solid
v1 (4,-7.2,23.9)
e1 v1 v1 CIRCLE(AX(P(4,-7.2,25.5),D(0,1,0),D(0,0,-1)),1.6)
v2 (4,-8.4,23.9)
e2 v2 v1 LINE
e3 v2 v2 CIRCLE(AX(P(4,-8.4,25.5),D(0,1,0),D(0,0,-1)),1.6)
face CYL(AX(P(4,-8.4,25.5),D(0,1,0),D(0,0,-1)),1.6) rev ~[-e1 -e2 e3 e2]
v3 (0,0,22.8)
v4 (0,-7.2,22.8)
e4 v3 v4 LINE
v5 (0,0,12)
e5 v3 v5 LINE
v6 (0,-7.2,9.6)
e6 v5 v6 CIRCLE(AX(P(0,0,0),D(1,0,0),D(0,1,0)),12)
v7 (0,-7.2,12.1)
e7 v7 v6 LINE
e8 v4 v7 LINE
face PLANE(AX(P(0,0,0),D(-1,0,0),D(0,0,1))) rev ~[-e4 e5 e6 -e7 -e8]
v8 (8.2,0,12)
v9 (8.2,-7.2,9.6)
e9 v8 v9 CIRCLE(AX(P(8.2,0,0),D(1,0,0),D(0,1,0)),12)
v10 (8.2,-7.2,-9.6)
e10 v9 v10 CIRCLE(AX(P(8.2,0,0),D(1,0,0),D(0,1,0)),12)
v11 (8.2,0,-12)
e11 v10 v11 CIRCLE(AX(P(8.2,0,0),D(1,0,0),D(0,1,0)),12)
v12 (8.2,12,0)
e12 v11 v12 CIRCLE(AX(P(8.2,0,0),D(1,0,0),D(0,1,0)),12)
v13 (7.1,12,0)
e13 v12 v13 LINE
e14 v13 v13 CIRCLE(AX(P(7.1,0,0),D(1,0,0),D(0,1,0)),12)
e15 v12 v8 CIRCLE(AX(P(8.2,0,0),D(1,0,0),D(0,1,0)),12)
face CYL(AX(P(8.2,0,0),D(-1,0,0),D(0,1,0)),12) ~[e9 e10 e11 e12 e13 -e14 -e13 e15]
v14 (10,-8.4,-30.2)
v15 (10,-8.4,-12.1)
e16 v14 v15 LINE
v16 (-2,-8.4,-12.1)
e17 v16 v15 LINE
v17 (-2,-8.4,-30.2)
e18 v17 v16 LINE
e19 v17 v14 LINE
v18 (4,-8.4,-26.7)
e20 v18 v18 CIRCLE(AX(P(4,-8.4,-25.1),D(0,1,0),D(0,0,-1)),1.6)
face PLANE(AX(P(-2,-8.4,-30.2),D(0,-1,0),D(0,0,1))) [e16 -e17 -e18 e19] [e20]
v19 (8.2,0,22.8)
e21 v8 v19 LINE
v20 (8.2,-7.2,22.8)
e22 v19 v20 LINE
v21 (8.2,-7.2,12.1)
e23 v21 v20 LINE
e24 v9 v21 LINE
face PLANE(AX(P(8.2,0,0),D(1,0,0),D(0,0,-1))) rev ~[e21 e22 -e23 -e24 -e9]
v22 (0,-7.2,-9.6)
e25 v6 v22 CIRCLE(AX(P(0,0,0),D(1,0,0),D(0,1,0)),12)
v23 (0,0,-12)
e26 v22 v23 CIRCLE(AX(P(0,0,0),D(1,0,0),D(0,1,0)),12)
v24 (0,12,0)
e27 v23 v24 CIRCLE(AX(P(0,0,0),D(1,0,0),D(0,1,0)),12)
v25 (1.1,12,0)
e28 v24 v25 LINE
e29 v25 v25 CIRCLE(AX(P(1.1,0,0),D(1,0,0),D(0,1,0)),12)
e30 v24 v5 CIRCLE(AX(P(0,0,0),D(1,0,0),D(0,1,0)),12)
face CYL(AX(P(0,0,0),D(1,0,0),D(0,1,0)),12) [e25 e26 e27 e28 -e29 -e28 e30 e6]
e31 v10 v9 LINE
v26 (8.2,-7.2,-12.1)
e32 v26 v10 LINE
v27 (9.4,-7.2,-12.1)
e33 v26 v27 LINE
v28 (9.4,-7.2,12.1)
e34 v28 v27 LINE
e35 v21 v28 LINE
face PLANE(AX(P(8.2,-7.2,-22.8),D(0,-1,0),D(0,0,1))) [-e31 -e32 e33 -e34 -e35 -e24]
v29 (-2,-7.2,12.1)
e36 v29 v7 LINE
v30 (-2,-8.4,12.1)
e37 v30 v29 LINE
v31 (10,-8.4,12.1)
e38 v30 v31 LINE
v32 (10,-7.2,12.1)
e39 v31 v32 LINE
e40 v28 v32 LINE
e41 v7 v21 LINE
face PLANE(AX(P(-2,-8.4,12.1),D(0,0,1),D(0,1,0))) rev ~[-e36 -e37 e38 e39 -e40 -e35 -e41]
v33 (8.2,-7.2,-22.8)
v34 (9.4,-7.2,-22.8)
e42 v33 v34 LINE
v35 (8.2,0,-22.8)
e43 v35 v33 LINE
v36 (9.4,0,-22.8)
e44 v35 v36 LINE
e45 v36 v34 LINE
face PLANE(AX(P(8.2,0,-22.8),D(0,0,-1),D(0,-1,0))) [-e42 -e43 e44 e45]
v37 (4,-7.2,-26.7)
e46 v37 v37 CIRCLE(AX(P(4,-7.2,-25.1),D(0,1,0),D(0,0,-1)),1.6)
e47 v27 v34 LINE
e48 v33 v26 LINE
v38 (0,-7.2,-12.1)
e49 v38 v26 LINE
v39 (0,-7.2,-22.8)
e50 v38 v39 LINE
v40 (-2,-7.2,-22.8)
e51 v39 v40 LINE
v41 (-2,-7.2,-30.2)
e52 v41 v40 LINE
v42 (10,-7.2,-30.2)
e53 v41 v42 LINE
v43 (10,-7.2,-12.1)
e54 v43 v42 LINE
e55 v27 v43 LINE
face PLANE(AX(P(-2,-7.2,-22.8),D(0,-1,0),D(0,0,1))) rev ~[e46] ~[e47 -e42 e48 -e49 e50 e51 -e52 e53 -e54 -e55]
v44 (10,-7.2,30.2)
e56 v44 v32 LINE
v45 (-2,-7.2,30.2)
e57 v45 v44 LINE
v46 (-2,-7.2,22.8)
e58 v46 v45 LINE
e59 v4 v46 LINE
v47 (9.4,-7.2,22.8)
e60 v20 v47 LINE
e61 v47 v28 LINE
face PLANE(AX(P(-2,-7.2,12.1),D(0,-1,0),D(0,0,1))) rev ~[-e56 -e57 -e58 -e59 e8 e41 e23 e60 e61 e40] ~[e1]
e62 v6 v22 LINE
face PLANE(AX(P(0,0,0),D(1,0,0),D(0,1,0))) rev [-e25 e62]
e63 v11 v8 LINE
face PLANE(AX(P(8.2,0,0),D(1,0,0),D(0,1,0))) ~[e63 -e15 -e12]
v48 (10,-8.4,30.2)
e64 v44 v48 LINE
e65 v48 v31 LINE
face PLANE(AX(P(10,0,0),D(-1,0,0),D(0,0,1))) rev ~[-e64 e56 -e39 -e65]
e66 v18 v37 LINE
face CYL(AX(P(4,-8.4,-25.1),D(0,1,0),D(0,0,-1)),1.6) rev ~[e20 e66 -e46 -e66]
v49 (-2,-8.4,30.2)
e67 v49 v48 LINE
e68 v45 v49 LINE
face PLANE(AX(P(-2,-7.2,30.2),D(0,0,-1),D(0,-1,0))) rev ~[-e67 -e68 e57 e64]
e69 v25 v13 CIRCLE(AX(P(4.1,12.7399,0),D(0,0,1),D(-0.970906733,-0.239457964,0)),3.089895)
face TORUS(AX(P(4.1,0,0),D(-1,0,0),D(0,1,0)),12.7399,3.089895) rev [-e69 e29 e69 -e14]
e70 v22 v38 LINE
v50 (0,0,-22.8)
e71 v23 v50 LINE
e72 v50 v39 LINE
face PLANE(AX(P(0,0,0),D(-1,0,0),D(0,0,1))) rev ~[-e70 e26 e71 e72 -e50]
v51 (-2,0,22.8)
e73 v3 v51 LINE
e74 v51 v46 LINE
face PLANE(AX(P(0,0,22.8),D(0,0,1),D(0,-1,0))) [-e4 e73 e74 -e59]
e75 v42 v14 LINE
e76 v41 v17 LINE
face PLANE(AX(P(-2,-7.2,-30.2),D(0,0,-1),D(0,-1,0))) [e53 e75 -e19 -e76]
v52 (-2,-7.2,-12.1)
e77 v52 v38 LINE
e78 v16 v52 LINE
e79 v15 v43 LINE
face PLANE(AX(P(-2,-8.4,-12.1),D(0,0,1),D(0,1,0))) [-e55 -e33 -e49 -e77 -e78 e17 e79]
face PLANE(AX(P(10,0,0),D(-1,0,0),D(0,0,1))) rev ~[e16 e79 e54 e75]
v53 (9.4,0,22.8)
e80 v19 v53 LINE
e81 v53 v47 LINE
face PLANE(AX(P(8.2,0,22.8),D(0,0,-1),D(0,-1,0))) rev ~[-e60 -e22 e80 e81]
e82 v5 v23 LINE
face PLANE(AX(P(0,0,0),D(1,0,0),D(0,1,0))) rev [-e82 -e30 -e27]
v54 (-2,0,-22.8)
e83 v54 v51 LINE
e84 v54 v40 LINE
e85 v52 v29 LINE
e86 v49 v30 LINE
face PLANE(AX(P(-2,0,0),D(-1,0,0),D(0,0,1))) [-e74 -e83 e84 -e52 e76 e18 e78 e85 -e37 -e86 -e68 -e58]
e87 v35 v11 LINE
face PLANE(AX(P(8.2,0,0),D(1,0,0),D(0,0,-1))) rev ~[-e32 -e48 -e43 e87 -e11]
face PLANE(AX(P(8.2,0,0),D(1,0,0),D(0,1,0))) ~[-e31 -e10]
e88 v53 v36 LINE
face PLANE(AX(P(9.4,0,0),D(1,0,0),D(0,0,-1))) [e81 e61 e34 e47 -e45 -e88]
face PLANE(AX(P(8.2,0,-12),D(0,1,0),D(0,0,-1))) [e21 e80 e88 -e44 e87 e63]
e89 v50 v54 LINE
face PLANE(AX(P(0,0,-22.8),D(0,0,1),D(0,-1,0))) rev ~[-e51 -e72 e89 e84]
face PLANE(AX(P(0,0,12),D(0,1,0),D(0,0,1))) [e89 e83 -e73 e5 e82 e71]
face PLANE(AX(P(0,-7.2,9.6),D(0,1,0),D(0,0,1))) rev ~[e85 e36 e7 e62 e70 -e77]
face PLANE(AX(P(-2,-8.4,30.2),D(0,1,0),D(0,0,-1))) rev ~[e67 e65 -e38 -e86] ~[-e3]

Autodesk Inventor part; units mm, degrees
ref_plane "YZ Plane" through (0, 0, 0) normal (1, 0, 0) x (0, 1, 0)
ref_plane "XZ Plane" through (0, 0, 0) normal (0, 1, 0) x (-1, 0, 0)
ref_plane "XY Plane" through (0, 0, 0) normal (0, 0, 1) x (1, 0, 0)
sketch "スケッチ1" plane through (0, 0, 0) normal (0, 0, 1) x (1, 0, 0)
  line L0 (0, 0) -> (8.2, 0)
  line L1 (8.2, 0) -> (4.1, 0)
  line L2 (0, 0) -> (0, 12)
  line L3 (8.2, 0) -> (8.2, 12)
  line L4 (4.1, 0) -> (4.1, 9.65)
  line L5 (0, 12) -> (1.1, 12)
  line L6 (8.2, 12) -> (7.1, 12)
  arc A0 (1.1, 12) -> (7.1, 12) centre (4.1, 12.7399) ccw
  dimension "d0" = 8.2
  dimension "d1" = 12
  dimension "d2" = 12
  dimension "d3" = 9.65
  dimension "d4" = 1.1
  dimension "d5" = 1.1
revolve "回転1" add sketch "スケッチ1" angle 360 about axis through (0, 0, 0) along (1, 0, 0)
sketch "スケッチ2" plane through (8.2, 0, 0) normal (1, 0, 0) x (0, 0, -1)
  circle A0 centre (0, 0) radius 12 projected
  line L0 (0, 0) -> (22.8, 0)
  line L1 (0, 0) -> (0, -7.2)
  line L2 (0, 0) -> (22.8, 0)
  line L3 (22.8, 0) -> (22.8, -7.2)
  line L4 (22.8, -7.2) -> (0, -7.2)
  line L5 (0, -7.2) -> (0, 0)
  line L6 (0, 0) -> (-22.8, 0)
  line L7 (-22.8, 0) -> (-22.8, -7.2)
  line L8 (-22.8, -7.2) -> (0, -7.2)
  dimension "d7" = 22.8
  dimension "d8" = 7.2
  dimension "d17" = 0
extrude "押し出し1" add sketch "スケッチ2" along normal blind 1.2 contours L0 L3 L4 A0 | A0 L4 L1 L0 | L6 L1 L8 A0 | A0 L8 L7 L6
sketch "スケッチ3" plane through (0, 0, 0) normal (-1, 0, 0) x (0, 0, 1)
  circle A0 centre (0, 0) radius 12 projected
  line L0 (0, 0) -> (0, -7.2)
  line L1 (0, -7.2) -> (22.8, -7.2)
  line L2 (0, 0) -> (22.8, 0)
  line L3 (22.8, 0) -> (22.8, -7.2)
  line L4 (22.8, -7.2) -> (0, -7.2)
  line L5 (0, -7.2) -> (0, 0)
  line L6 (0, 0) -> (-22.8, 0)
  line L7 (-22.8, 0) -> (-22.8, -7.2)
  line L8 (-22.8, -7.2) -> (0, -7.2)
  dimension "d11" = 7.2
  dimension "d12" = 22.8
extrude "押し出し2" add sketch "スケッチ3" along normal blind 2 contours L2 L3 L1 A0 | A0 L1 L0 L2 | L6 L0 L8 A0 | A0 L8 L7 L6
sketch "スケッチ4" plane through (-2, 0, 0) normal (-1, 0, 0) x (0, 0, 1)
  line L0 (-22.8, -7.2) -> (22.8, -7.2) projected
  line L1 (0, -7.2) -> (12.1, -7.2)
  line L2 (12.1, -7.2) -> (30.2, -7.2)
  line L3 (12.1, -7.2) -> (30.2, -7.2)
  line L4 (30.2, -7.2) -> (30.2, -8.4)
  line L5 (30.2, -8.4) -> (12.1, -8.4)
  line L6 (12.1, -8.4) -> (12.1, -7.2)
  line L7 (0, 0) -> (0, -1.8874)
  line L8 (-12.1, -7.2) -> (-30.2, -7.2)
  line L9 (-30.2, -7.2) -> (-30.2, -8.4)
  line L10 (-30.2, -8.4) -> (-12.1, -8.4)
  line L11 (-12.1, -8.4) -> (-12.1, -7.2)
  dimension "d15" = 12.1
  dimension "d16" = 18.1
  dimension "d18" = 1.2
extrude "押し出し3" add sketch "スケッチ4" against normal blind 12
sketch "スケッチ5" plane through (-2, -8.4, 12.1) normal (0, -1, 0) x (1, 0, 0)
  line L0 (0, 18.1) -> (12, 18.1) projected
  line L1 (6, 18.1) -> (6, 13.4)
  line L2 (6, 13.4) -> (6, -37.2)
  circle A0 centre (6, -37.2) radius 1.6
  circle A1 centre (6, 13.4) radius 1.6
  point P0 (2, -12.1)
  dimension "d21" = 4.7
  dimension "d22" = 50.6
  dimension "d23" = 3.2
  dimension "d24" = 3.2
hole "穴1" at (4, -8.4, 25.5) at (4, -8.4, -25.1) direction (0, 1, 0) diameter 3.2 depth 8 tip angle 118
properties part number "知能ロボコンショウレックス戸草"
